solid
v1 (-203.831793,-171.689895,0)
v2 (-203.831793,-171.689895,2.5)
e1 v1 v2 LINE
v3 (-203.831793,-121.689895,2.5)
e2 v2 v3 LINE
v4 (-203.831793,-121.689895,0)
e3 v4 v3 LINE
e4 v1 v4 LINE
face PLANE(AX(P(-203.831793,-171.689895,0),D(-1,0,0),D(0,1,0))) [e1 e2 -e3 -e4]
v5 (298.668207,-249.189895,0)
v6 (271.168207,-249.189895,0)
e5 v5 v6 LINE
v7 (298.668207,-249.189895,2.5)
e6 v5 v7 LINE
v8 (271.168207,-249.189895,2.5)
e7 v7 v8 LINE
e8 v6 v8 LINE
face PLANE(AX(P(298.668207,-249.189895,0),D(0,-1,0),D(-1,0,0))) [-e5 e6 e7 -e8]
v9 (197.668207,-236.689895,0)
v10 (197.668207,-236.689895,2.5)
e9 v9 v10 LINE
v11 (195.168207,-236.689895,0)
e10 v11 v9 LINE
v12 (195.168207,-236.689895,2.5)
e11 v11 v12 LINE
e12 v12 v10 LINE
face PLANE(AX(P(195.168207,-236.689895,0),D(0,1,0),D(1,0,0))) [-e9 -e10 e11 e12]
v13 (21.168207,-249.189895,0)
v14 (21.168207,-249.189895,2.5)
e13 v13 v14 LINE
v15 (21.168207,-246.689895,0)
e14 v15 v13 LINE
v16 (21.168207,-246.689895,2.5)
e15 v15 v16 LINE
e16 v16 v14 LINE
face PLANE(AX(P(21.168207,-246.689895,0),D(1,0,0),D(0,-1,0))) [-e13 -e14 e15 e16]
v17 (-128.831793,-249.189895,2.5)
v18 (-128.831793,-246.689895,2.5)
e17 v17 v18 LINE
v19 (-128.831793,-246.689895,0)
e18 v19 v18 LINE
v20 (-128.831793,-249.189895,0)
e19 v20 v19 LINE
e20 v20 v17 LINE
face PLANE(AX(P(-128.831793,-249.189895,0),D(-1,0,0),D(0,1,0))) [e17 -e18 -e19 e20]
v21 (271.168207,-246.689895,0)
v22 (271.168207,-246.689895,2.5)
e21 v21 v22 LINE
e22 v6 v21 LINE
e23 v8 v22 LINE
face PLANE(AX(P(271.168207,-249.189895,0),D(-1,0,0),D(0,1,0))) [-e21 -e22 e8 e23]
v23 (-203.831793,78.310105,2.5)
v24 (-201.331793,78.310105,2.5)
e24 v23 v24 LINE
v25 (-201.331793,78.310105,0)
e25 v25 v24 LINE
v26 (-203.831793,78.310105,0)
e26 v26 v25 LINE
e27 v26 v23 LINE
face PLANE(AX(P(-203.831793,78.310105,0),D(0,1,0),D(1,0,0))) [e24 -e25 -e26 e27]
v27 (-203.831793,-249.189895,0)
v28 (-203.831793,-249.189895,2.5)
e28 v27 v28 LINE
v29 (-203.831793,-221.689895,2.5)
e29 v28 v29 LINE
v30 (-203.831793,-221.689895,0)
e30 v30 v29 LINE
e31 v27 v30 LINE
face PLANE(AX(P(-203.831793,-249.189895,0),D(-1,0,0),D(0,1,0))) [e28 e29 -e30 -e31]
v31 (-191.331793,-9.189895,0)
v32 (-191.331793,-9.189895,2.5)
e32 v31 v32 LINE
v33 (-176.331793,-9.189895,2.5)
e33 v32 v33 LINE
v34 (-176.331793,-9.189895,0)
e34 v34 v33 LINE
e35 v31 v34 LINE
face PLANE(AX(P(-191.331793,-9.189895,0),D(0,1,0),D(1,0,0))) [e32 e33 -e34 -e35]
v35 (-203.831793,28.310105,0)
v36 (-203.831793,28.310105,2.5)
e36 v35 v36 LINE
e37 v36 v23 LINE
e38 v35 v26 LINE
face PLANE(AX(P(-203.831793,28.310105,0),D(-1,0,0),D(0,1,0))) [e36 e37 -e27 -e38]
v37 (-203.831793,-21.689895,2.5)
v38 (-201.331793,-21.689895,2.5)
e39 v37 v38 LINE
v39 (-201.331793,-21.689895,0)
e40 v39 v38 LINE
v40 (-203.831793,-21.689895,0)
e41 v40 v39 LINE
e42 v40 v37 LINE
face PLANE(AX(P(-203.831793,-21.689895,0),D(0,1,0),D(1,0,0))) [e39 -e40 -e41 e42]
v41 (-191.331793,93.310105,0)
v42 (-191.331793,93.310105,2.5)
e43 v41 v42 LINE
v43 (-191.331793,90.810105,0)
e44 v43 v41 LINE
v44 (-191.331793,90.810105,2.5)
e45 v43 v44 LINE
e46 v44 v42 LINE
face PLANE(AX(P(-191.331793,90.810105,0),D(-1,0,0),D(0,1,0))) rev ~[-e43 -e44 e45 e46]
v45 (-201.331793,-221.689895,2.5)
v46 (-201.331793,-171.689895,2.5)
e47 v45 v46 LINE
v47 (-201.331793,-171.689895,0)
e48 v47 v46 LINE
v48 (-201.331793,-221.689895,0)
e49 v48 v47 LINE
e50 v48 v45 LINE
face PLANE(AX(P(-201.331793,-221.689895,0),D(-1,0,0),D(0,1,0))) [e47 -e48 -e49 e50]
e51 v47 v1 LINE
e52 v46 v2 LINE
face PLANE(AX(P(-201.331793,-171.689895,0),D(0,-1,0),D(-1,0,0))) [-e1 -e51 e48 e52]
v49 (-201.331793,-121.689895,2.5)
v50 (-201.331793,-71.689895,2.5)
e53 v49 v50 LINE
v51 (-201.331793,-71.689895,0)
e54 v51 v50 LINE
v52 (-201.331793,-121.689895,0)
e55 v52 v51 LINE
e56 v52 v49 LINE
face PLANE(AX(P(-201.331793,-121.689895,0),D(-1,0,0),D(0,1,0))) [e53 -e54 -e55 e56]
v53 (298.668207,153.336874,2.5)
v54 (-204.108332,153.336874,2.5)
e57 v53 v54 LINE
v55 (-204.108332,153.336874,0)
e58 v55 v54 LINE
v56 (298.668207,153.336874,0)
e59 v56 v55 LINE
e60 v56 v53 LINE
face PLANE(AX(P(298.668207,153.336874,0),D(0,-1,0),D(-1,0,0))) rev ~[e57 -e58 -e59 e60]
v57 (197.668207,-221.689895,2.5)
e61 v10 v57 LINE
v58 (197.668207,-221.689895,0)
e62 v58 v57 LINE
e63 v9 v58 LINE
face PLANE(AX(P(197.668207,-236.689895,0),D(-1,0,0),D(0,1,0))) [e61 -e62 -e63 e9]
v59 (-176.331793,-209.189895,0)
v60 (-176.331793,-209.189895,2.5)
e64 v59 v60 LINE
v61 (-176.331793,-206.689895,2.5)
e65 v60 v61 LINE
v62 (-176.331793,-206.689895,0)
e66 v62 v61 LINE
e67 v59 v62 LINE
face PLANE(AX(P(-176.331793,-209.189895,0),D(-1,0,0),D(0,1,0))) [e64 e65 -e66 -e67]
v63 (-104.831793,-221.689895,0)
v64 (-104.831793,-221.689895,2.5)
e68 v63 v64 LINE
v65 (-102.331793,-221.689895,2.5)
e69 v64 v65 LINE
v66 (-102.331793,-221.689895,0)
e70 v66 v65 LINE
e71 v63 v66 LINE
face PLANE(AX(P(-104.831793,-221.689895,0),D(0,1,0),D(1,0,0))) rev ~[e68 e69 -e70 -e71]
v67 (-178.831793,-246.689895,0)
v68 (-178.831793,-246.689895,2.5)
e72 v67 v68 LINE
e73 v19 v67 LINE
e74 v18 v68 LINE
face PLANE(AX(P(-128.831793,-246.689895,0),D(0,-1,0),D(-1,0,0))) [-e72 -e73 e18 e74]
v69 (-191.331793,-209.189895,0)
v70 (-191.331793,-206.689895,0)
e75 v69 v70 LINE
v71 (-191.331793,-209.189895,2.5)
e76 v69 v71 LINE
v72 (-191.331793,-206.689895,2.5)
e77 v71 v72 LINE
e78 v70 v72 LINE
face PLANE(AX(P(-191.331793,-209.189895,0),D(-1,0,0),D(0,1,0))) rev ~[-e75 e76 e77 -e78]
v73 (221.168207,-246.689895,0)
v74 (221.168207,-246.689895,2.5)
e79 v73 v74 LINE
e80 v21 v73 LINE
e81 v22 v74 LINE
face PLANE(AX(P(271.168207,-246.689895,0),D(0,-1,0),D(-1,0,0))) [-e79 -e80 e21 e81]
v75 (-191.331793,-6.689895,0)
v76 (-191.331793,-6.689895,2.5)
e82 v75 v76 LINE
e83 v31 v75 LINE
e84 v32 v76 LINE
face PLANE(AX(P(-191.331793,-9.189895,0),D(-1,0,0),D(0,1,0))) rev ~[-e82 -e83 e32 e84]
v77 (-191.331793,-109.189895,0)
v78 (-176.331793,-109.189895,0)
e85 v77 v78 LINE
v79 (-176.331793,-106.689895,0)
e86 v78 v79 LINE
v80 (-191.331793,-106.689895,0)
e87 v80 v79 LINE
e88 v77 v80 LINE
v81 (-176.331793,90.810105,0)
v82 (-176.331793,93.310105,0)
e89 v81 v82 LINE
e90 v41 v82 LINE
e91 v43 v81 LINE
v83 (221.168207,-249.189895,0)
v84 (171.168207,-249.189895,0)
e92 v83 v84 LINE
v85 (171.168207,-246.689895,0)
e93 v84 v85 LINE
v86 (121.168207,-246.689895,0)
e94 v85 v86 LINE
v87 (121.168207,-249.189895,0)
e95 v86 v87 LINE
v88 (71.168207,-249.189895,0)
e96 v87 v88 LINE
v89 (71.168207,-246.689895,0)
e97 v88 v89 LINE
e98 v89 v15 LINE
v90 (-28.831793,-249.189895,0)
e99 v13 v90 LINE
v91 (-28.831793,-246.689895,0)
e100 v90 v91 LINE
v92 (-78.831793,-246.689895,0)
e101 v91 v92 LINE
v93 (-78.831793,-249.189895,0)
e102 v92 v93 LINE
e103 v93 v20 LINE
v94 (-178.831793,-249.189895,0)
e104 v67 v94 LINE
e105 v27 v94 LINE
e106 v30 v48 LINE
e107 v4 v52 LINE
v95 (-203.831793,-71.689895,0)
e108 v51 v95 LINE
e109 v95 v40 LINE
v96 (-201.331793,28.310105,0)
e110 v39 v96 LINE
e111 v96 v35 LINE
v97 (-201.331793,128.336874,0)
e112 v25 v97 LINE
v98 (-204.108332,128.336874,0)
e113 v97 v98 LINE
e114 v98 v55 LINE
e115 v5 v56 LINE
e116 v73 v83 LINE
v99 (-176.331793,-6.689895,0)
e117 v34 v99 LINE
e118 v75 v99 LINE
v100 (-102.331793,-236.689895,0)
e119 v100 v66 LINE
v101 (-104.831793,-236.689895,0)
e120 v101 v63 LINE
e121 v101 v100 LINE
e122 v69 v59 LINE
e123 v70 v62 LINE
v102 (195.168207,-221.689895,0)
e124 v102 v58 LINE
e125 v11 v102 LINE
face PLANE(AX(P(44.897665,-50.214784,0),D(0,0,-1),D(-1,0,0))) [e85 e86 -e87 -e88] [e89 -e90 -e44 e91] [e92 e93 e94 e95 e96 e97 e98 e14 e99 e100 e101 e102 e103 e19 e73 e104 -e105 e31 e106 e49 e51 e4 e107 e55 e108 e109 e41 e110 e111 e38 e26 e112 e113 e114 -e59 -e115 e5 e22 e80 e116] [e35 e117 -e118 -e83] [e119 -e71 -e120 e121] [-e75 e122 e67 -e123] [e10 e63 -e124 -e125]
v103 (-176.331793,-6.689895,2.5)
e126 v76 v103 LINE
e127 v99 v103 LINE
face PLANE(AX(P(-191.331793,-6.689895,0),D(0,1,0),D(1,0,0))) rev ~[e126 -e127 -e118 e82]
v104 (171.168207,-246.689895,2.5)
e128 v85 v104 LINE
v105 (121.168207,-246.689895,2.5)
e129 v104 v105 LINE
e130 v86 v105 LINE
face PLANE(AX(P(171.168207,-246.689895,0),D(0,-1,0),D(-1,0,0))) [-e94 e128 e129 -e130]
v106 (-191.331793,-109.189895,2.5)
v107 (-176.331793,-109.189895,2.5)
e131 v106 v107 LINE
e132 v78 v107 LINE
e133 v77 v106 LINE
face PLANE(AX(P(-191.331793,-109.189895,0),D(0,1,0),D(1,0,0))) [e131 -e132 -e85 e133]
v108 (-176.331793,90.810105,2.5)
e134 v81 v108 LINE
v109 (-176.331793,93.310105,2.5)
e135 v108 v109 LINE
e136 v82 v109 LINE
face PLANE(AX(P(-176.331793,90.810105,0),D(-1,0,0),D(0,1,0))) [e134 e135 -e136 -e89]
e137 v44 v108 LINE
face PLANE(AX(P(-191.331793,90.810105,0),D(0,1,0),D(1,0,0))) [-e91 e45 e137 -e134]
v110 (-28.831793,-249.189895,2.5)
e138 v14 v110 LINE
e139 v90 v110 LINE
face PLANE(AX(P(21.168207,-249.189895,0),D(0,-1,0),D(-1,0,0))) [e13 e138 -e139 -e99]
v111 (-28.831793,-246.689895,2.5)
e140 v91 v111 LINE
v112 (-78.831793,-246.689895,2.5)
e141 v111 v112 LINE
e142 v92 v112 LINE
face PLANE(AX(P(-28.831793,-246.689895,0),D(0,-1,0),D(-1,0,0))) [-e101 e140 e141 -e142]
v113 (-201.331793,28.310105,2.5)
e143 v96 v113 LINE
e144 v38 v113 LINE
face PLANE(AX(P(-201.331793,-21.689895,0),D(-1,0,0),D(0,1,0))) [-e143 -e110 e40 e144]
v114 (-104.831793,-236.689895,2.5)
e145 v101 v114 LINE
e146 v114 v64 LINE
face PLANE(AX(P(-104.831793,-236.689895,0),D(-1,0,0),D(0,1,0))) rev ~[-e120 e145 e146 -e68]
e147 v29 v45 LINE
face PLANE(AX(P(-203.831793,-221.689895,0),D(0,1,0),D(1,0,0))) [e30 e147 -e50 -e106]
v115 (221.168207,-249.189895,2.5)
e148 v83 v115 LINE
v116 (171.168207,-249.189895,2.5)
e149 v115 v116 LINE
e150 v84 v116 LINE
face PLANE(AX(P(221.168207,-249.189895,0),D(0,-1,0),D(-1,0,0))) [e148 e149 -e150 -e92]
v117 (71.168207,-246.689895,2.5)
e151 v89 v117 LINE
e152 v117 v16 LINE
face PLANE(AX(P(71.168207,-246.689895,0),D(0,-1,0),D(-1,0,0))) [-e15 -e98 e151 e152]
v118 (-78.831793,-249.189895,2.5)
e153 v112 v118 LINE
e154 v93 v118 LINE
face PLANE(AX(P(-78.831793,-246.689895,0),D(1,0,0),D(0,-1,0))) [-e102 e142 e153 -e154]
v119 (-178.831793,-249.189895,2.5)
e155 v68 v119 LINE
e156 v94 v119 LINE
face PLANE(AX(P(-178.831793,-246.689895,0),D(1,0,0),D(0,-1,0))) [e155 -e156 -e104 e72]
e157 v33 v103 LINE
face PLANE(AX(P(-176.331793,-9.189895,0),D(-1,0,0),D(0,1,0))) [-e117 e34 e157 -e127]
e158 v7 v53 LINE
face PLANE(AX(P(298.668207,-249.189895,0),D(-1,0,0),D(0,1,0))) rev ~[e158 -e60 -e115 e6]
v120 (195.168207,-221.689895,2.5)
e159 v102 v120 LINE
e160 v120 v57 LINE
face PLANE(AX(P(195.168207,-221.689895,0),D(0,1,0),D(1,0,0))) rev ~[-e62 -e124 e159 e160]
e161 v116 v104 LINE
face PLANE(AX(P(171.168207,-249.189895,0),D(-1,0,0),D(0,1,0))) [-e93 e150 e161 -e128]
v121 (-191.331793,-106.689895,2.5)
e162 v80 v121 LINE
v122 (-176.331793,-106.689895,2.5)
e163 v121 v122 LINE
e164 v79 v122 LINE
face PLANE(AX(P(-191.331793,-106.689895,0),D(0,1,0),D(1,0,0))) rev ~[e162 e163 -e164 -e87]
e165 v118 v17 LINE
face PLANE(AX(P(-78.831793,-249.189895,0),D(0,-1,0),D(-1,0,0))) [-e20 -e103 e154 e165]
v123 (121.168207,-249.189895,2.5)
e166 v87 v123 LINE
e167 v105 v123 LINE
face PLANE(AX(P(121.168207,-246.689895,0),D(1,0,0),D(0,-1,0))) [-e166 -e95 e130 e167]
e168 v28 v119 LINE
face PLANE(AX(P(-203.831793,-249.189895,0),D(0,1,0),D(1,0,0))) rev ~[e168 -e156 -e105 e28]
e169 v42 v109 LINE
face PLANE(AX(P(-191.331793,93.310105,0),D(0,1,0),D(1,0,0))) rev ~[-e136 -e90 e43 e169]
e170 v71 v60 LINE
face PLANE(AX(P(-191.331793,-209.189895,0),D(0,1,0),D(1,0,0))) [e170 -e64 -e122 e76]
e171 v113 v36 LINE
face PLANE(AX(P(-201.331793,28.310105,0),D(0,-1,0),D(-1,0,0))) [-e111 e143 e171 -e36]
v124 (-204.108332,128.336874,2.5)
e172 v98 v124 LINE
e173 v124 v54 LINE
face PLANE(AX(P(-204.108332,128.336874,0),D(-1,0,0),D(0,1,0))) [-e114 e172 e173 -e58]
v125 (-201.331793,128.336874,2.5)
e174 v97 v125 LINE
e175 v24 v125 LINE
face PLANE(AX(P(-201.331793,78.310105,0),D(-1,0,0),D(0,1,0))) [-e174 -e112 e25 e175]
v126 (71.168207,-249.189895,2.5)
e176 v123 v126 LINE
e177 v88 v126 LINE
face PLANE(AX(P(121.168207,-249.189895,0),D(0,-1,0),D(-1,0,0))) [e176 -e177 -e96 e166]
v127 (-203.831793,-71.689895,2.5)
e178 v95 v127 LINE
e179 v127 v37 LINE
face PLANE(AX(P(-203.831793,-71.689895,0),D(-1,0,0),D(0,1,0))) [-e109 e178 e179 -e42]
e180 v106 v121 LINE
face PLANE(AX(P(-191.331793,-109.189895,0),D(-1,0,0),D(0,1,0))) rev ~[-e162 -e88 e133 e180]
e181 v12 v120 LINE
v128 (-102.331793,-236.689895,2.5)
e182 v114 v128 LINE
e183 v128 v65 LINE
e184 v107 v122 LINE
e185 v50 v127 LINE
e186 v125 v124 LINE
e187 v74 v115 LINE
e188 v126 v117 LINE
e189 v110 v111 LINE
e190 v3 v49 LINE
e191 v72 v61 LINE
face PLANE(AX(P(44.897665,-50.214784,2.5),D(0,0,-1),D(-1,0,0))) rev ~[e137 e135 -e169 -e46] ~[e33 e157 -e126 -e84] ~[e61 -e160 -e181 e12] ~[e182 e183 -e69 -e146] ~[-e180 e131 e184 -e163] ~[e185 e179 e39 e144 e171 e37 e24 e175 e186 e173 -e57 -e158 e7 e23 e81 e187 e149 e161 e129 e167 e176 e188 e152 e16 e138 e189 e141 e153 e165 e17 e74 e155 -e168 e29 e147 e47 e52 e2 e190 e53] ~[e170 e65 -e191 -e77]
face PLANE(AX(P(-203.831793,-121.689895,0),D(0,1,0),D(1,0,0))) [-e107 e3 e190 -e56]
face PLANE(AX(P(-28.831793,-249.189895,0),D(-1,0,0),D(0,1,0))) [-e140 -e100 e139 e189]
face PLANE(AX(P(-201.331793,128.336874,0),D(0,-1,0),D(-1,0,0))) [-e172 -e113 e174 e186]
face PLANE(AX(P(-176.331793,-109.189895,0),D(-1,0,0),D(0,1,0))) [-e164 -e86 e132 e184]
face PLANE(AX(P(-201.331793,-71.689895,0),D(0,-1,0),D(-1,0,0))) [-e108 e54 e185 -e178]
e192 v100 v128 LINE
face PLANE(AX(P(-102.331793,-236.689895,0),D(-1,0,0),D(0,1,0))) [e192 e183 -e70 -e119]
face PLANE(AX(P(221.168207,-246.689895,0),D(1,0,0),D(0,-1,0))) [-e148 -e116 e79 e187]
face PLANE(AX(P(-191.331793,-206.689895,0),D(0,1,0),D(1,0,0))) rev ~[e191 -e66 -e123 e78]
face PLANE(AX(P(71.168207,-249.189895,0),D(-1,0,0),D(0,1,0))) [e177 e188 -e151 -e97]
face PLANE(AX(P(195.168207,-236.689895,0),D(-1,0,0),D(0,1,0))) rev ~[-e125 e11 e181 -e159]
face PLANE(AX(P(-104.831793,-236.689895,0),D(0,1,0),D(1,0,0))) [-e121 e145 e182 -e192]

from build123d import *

# Parameters (mm, degrees)
SKETCH1_W           = 15
SKETCH1_H           = 2.5
SKETCH1_W_2         = 2.5
SKETCH1_H_2         = 15
BOSS_EXTRUDE1_DEPTH = 2.5


with BuildPart() as part:
    # Sketch1 → Boss-Extrude1 (new body)
    with BuildSketch(Plane.XY):
        Polygon((-178.831793337, 153.336874277), (298.668206663, 153.336874277), (298.668206663, 135.823489403), (298.668206663, -229.176510597), (298.668206663, -249.18989547), (271.168206663, -249.18989547), (271.168206662, -246.68989547), (221.168206662, -246.68989547), (221.168206662, -249.18989547), (171.168206662, -249.18989547), (171.168206662, -246.68989547), (121.168206662, -246.68989547), (121.168206662, -249.18989547), (71.168206663, -249.18989547), (71.168206663, -246.68989547), (21.168206663, -246.68989547), (21.168206663, -249.18989547), (-28.831793337, -249.18989547), (-28.831793337, -246.68989547), (-78.831793337, -246.68989547), (-78.831793337, -249.18989547), (-128.831793337, -249.18989547), (-128.831793337, -246.68989547), (-178.831793337, -246.68989547), (-178.831793337, -249.18989547), (-201.331793337, -249.18989547), (-203.831793337, -249.18989547), (-203.831793337, -221.68989547), (-201.331793337, -221.68989547), (-201.331793337, -171.68989547), (-203.831793337, -171.68989547), (-203.831793337, -121.68989547), (-201.331793337, -121.68989547), (-201.331793337, -71.68989547), (-203.831793337, -71.68989547), (-203.831793337, -21.68989547), (-201.331793337, -21.68989547), (-201.331793337, 28.31010453), (-203.831793337, 28.31010453), (-203.831793337, 78.31010453), (-201.331793337, 78.31010453), (-201.331793337, 128.336874277), (-204.108332232, 128.336874277), (-204.108332232, 153.336874277), (-201.718717054, 153.336874277), align=None)
        with Locations((-183.831793337, -107.93989547)):
            Rectangle(SKETCH1_W, SKETCH1_H, mode=Mode.SUBTRACT)
        with Locations((-183.831793337, -207.93989547)):
            Rectangle(SKETCH1_W, SKETCH1_H, mode=Mode.SUBTRACT)
        with Locations((-183.831793337, -7.93989547)):
            Rectangle(SKETCH1_W, SKETCH1_H, mode=Mode.SUBTRACT)
        with Locations((-183.831793337, 92.06010453)):
            Rectangle(SKETCH1_W, SKETCH1_H, mode=Mode.SUBTRACT)
        with Locations((-103.581793337, -229.18989547)):
            Rectangle(SKETCH1_W_2, SKETCH1_H_2, mode=Mode.SUBTRACT)
        with Locations((196.418206663, -229.18989547)):
            Rectangle(SKETCH1_W_2, SKETCH1_H_2, mode=Mode.SUBTRACT)
    extrude(amount=BOSS_EXTRUDE1_DEPTH)


solid = part.part
